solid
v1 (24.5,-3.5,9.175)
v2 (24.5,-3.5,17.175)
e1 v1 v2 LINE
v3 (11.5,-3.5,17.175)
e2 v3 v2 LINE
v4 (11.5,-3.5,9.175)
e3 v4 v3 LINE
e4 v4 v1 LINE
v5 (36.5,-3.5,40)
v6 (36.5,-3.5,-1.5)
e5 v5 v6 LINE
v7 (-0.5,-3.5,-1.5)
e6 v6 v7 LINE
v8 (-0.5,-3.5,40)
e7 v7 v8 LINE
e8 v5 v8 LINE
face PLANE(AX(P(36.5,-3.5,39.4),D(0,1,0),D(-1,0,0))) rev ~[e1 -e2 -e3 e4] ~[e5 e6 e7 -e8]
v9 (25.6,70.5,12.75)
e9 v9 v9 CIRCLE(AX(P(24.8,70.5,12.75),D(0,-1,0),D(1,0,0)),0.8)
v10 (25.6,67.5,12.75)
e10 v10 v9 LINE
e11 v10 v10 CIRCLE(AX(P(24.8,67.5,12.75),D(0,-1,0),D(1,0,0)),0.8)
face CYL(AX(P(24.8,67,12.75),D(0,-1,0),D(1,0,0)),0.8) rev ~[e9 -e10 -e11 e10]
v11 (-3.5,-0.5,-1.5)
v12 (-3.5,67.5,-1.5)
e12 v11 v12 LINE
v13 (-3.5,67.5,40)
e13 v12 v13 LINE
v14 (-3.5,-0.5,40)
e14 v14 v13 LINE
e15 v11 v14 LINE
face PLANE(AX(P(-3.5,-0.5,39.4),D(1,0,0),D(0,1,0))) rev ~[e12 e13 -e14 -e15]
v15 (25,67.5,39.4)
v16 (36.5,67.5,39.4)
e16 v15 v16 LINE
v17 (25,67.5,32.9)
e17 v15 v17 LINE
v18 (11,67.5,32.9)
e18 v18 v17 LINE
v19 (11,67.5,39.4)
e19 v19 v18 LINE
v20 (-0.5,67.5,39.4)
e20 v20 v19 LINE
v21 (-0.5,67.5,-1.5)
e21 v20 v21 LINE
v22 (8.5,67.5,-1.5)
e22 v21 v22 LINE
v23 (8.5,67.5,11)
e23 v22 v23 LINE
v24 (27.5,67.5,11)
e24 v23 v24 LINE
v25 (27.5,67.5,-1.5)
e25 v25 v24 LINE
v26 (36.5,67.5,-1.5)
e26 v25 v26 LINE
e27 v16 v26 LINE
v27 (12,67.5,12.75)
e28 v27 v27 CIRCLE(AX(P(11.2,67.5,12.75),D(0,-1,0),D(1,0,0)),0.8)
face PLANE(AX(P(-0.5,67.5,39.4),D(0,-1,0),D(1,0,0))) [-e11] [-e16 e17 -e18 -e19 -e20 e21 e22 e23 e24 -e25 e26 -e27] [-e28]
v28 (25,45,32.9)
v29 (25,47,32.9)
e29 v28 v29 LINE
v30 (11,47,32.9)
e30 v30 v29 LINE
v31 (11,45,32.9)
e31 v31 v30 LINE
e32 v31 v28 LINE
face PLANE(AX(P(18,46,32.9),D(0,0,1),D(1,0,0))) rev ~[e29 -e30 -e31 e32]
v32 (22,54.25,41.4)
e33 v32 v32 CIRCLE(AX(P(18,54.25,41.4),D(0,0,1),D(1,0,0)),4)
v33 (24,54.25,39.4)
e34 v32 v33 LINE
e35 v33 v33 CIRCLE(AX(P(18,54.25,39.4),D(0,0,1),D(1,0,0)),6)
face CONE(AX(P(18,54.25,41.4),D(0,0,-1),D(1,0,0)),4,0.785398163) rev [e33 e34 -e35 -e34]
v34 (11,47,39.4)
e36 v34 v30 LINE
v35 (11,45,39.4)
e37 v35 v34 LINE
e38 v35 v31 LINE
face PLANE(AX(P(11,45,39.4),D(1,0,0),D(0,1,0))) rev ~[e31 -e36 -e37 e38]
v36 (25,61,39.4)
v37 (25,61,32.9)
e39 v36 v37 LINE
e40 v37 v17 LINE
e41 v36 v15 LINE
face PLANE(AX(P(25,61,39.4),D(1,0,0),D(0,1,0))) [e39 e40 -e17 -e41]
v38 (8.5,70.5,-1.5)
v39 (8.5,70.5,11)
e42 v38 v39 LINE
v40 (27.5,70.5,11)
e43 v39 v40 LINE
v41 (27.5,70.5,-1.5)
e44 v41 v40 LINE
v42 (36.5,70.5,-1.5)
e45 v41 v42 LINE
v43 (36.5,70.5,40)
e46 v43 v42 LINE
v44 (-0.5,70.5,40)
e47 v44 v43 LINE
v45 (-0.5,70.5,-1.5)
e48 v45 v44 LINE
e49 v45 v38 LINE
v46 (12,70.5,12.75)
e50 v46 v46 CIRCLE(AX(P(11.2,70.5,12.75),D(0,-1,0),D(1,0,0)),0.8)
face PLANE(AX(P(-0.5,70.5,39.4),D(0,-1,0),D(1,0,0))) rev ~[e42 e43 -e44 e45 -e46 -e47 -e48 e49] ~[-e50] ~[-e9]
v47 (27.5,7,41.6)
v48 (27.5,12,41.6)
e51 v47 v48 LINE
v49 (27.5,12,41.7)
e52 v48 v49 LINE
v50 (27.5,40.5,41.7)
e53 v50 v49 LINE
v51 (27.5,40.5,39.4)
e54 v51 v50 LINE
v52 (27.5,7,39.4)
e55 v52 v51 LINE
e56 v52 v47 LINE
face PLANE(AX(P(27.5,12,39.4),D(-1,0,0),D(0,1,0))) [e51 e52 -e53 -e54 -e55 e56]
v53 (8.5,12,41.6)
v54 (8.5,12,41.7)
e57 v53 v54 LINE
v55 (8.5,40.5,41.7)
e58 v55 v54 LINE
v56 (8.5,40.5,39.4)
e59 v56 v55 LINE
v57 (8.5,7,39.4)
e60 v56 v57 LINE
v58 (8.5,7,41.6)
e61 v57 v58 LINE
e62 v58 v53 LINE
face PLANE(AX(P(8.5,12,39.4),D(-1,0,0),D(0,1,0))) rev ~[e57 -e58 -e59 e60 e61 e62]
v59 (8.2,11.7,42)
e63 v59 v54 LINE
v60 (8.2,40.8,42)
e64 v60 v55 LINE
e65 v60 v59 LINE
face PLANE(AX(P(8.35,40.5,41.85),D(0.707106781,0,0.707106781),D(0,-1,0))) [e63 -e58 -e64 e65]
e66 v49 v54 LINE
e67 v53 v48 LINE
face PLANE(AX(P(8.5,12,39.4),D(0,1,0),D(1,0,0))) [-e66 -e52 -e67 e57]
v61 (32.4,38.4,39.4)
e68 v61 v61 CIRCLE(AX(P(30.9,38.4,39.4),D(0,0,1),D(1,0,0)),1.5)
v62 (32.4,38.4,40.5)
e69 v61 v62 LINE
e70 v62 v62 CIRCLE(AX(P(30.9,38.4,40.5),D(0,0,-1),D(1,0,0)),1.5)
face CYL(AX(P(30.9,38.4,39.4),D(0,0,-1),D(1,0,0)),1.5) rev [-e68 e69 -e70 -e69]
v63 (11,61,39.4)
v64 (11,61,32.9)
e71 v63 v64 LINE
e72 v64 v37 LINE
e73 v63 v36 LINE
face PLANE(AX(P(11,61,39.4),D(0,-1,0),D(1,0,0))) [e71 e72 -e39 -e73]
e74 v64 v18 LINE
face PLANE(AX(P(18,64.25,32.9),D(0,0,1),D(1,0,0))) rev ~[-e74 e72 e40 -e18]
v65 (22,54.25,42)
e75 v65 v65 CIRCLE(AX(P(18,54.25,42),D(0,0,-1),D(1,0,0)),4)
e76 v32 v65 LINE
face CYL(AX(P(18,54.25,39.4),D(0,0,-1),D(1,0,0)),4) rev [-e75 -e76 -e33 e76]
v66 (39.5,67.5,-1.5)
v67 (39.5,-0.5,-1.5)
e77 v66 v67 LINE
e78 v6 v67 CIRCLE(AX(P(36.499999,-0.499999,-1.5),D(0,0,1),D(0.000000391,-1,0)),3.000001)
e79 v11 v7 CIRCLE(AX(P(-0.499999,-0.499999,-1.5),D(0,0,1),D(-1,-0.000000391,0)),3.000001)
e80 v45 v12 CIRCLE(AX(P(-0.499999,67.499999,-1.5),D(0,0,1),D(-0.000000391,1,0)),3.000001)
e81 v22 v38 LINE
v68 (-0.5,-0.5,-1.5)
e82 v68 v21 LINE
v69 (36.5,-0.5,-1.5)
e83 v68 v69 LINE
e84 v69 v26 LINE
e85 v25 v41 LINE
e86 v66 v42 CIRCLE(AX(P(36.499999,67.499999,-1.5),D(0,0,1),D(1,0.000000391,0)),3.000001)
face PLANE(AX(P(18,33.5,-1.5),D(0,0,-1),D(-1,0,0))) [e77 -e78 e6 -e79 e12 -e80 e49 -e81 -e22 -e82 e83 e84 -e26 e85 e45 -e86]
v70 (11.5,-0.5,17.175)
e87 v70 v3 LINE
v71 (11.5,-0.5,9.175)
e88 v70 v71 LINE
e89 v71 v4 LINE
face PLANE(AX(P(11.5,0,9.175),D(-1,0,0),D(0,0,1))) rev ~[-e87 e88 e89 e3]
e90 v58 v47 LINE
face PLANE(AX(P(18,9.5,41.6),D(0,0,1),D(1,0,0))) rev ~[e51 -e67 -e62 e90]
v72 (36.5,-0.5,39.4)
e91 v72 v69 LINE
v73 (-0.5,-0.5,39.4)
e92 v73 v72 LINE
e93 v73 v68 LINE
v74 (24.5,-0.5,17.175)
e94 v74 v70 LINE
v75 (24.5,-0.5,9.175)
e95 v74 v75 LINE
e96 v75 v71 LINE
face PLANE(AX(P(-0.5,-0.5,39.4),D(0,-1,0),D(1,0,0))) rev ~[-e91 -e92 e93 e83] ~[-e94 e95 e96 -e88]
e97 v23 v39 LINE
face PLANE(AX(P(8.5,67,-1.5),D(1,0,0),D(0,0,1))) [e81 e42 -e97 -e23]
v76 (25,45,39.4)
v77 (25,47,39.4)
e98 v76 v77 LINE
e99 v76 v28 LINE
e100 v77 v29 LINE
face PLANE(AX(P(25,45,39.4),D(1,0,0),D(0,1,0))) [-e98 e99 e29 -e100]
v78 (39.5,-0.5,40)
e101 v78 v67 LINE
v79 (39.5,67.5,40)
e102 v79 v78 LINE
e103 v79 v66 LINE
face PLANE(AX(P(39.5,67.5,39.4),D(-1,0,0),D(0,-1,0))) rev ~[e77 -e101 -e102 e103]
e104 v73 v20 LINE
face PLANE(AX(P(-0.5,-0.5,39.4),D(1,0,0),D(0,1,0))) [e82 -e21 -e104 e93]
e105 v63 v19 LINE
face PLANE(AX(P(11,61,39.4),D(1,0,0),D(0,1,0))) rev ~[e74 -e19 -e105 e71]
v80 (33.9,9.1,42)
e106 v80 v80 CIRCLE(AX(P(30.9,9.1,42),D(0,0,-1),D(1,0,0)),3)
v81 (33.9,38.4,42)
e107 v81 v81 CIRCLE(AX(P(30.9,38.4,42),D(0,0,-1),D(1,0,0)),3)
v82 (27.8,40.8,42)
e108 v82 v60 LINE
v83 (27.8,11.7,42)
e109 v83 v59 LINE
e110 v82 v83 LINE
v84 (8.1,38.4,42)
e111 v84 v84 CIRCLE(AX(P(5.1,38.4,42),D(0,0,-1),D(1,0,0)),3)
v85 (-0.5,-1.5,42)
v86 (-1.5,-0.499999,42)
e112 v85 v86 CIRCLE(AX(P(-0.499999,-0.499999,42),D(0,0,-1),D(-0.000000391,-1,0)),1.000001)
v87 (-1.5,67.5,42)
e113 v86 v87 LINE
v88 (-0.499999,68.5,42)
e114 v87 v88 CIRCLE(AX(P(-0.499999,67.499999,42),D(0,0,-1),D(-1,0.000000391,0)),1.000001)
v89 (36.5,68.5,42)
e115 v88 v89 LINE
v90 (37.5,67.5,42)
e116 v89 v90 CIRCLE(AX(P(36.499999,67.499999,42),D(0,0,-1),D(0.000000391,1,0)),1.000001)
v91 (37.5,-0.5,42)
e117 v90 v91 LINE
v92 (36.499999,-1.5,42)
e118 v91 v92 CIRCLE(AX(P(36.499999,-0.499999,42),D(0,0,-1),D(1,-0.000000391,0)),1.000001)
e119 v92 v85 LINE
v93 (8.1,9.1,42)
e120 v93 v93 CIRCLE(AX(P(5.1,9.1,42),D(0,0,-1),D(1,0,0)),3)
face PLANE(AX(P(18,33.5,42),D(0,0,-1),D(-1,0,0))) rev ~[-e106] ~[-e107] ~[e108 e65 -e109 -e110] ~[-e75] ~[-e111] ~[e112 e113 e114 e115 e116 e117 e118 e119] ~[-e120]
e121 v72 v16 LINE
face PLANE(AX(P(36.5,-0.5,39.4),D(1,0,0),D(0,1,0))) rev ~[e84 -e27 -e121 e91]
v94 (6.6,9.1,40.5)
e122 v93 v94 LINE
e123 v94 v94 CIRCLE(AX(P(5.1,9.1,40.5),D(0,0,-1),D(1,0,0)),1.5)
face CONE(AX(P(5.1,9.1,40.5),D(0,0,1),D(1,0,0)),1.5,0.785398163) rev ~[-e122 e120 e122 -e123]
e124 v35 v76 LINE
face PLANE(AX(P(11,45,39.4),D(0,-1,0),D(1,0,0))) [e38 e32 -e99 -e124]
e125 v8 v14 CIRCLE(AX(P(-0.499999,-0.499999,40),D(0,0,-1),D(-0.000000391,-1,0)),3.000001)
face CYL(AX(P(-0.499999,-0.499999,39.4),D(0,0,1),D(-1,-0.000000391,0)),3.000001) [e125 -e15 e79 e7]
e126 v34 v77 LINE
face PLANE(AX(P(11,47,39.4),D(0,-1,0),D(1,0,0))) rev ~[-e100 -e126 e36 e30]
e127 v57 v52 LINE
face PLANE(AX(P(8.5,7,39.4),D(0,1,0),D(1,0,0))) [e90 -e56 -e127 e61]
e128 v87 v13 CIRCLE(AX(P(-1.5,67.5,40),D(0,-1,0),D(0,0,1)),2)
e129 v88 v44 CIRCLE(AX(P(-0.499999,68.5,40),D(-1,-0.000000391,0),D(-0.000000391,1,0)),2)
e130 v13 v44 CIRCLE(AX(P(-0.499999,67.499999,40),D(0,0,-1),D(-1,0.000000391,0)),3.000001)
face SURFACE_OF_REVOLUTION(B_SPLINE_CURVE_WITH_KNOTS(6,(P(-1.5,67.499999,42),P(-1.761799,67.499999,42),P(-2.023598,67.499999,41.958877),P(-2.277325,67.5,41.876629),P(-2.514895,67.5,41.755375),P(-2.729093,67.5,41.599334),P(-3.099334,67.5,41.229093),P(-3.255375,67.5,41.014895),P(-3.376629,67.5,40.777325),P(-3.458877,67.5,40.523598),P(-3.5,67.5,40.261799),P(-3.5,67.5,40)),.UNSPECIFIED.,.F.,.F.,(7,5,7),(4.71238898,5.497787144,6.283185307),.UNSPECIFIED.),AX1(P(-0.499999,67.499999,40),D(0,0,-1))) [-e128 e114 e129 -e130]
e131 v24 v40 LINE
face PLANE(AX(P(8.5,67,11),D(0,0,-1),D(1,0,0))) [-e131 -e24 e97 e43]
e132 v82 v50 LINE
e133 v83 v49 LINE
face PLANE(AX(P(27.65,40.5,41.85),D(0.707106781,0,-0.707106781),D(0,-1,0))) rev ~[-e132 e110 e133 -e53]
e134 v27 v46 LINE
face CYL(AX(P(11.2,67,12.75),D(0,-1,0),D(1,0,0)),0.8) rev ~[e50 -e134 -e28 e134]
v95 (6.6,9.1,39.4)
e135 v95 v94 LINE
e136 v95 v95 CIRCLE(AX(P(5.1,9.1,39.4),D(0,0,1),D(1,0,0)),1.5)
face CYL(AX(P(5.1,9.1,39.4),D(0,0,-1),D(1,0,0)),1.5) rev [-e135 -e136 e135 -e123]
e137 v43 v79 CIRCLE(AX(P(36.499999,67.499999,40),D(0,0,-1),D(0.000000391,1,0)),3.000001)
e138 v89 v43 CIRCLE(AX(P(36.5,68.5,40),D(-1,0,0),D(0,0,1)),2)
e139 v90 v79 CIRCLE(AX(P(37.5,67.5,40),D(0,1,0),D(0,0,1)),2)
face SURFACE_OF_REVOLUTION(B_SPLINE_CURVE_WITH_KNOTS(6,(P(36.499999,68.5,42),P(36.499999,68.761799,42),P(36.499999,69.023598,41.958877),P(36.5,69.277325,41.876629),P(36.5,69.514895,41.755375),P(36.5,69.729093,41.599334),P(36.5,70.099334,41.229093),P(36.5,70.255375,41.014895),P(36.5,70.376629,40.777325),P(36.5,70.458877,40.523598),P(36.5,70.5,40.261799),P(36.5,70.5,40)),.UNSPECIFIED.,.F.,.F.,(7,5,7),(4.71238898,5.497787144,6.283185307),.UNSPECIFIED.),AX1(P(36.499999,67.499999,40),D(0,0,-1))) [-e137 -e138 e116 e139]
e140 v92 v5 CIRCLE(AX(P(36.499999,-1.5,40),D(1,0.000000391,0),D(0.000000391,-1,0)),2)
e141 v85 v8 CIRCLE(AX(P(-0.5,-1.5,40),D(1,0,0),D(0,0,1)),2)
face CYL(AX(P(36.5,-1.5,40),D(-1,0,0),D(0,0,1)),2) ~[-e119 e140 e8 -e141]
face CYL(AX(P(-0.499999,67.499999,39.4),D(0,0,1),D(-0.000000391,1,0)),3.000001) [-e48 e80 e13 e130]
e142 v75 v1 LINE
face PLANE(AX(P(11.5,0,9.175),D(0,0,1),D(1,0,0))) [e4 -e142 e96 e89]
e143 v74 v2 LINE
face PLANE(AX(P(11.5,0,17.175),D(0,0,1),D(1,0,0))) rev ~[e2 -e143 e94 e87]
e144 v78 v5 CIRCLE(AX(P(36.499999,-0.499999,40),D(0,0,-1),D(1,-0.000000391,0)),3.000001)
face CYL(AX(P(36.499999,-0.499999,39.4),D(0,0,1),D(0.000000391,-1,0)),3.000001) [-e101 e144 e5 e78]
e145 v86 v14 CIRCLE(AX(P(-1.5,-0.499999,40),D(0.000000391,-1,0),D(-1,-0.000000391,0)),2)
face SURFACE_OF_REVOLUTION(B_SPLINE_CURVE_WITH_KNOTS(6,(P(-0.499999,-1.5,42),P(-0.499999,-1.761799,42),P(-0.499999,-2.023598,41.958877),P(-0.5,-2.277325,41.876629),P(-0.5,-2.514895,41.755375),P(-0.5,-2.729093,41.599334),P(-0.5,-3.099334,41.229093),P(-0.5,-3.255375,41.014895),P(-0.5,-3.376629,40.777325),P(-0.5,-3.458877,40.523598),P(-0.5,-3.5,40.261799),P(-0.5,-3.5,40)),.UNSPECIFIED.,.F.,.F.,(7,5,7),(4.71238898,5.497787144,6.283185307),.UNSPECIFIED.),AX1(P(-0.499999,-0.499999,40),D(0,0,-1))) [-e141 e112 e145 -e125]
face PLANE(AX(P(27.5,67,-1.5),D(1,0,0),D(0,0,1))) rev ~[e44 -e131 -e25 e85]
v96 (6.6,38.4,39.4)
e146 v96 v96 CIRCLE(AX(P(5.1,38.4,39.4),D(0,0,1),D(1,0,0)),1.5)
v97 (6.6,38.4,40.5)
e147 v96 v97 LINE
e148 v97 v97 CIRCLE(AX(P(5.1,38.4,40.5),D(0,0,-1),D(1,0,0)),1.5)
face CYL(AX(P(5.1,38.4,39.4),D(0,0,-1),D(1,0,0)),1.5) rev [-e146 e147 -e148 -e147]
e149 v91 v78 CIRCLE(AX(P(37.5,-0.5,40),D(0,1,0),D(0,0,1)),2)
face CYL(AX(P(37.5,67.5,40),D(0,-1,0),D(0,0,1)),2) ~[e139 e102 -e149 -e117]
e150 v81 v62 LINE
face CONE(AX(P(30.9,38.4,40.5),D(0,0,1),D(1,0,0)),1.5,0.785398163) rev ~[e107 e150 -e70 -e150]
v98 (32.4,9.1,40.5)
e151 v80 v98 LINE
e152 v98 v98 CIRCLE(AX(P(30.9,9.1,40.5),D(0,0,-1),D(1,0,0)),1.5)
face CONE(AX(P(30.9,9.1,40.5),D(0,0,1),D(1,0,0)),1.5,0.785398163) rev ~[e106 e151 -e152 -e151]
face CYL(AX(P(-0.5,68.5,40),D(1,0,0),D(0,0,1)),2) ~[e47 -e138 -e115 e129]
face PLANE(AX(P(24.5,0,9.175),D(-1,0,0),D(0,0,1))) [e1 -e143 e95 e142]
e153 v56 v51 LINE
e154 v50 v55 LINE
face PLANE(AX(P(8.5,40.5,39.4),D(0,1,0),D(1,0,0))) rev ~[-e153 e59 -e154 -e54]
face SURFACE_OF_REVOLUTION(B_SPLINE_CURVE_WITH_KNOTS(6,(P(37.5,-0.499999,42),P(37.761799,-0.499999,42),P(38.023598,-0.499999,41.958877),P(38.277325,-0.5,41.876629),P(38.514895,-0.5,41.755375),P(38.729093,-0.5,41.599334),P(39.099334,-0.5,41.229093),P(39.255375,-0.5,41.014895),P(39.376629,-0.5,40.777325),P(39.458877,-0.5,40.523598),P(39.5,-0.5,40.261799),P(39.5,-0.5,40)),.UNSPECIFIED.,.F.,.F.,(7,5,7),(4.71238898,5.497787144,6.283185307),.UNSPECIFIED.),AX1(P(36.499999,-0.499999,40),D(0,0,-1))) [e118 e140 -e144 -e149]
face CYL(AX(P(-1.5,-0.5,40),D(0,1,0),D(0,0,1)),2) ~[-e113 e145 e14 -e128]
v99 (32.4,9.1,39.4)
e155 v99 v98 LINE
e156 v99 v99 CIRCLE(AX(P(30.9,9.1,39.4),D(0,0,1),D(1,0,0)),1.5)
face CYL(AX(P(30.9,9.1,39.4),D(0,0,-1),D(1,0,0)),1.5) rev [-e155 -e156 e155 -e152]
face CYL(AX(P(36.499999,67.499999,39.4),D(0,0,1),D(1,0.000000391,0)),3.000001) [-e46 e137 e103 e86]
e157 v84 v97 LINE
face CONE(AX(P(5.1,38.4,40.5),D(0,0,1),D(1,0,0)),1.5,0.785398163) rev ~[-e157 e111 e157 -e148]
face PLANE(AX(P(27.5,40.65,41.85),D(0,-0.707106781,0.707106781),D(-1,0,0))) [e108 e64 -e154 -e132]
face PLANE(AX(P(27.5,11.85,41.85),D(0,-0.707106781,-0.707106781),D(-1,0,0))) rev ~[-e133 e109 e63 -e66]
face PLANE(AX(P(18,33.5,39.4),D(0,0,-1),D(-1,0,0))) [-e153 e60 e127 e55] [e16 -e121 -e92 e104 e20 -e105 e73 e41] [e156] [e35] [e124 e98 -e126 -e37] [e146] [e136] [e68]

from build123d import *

# Parameters (mm, degrees)
SKETCH003_W       = 37
SKETCH003_H       = 68
PAD002_DEPTH      = 2.6
SKETCH005_R       = 1.5
SKETCH005_R_2     = 4
SKETCH005_W       = 19
SKETCH005_H       = 28.5
POCKET001_DEPTH   = 2.601
SKETCH014_W       = 37
SKETCH014_H       = 68
PAD009_DEPTH      = 2.6
PAD009_DEPTH_BACK = 40.9
SKETCH019_W       = 13
SKETCH019_H       = 8
POCKET005_DEPTH   = 3.501
CHAMFER001_SIZE   = 1.5
SKETCH020_R       = 0.8
SKETCH020_W       = 19
SKETCH020_H       = 12.5
POCKET006_DEPTH   = 3.501
SKETCH034_W       = 14
SKETCH034_H       = 6.5
SKETCH034_H_2     = 2
PAD019_DEPTH      = 6.5
FILLET_R          = 2
CHAMFER_SIZE      = 0.3
CHAMFER002_SIZE   = 2
SKETCH050_W       = 19
SKETCH050_H       = 5
POCKET013_DEPTH   = 2.2


with BuildPart() as part:
    # Sketch003 → Pad002 (new body)
    with BuildSketch(Plane.XY):
        with Locations((18, 33.5)):
            Rectangle(SKETCH003_W, SKETCH003_H)
    extrude(amount=PAD002_DEPTH)

    # Sketch005 → Pocket001 (cut, through all)
    with BuildSketch(Plane.XY):
        with Locations((30.9, 38.4)):
            Circle(SKETCH005_R)
        with Locations((5.1, 38.4)):
            Circle(SKETCH005_R)
        with Locations((5.1, 9.1)):
            Circle(SKETCH005_R)
        with Locations((30.9, 9.1)):
            Circle(SKETCH005_R)
        with Locations((18, 54.25)):
            Circle(SKETCH005_R_2)
        with Locations((18, 26.25)):
            Rectangle(SKETCH005_W, SKETCH005_H)
    extrude(amount=POCKET001_DEPTH, mode=Mode.SUBTRACT)

    # Sketch014 → Pad009 (join, two sides)
    with BuildSketch(Plane.XY) as pad009_sk:
        with BuildLine():
            Line((-0.5, 70.5), (36.5, 70.5))
            ThreePointArc((39.5, 67.5), (38.62132, 69.62132), (36.5, 70.5))
            Line((39.5, 67.5), (39.5, -0.5))
            ThreePointArc((36.5, -3.5), (38.62132, -2.62132), (39.5, -0.5))
            Line((36.5, -3.5), (-0.5, -3.5))
            ThreePointArc((-3.5, -0.5), (-2.62132, -2.62132), (-0.5, -3.5))
            Line((-3.5, -0.5), (-3.5, 67.5))
            ThreePointArc((-0.5, 70.5), (-2.62132, 69.62132), (-3.5, 67.5))
        make_face()
        with Locations((18, 33.5)):
            Rectangle(SKETCH014_W, SKETCH014_H, mode=Mode.SUBTRACT)
    extrude(amount=PAD009_DEPTH)
    extrude(pad009_sk.sketch, amount=-PAD009_DEPTH_BACK)

    # Sketch019 → Pocket005 (cut, through all)
    with BuildSketch(Plane.XZ):
        with Locations((18, -26.225)):
            Rectangle(SKETCH019_W, SKETCH019_H)
    extrude(amount=POCKET005_DEPTH, mode=Mode.SUBTRACT)

    # Chamfer001
    chamfer001_edges = [part.edges().sort_by_distance(p)[0] for p in [
        (3.6, 9.1, 2.6),
        (3.6, 38.4, 2.6),
        (29.4, 38.4, 2.6),
        (29.4, 9.1, 2.6),
    ]]
    chamfer(chamfer001_edges, length=CHAMFER001_SIZE)

    # Sketch020 (on DatumPlane) → Pocket006 (cut, through all)
    with BuildSketch(Plane.XZ.offset(-67)):
        with Locations((11.2, -26.65)):
            Circle(SKETCH020_R)
        with Locations((24.8, -26.65)):
            Circle(SKETCH020_R)
        with Locations((18, -34.65)):
            Rectangle(SKETCH020_W, SKETCH020_H)
    extrude(amount=-POCKET006_DEPTH, mode=Mode.SUBTRACT)

    # Sketch034 → Pad019 (join)
    with BuildSketch(Plane.XY):
        with Locations((18, 64.25)):
            Rectangle(SKETCH034_W, SKETCH034_H)
        with Locations((18, 46)):
            Rectangle(SKETCH034_W, SKETCH034_H_2)
    extrude(amount=-PAD019_DEPTH)

    # Fillet
    fillet_edges = [part.edges().sort_by_distance(p)[0] for p in [
        (39.5, 33.5, 2.6),
    ]]
    fillet(fillet_edges, radius=FILLET_R)

    # Chamfer
    chamfer_edges = [part.edges().sort_by_distance(p)[0] for p in [
        (18, 12, 2.6),
        (8.5, 26.25, 2.6),
        (18, 40.5, 2.6),
        (27.5, 26.25, 2.6),
    ]]
    chamfer(chamfer_edges, length=CHAMFER_SIZE)

    # Chamfer002
    chamfer002_edges = [part.edges().sort_by_distance(p)[0] for p in [
        (14, 54.25, 0),
    ]]
    chamfer(chamfer002_edges, length=CHAMFER002_SIZE)

    # Sketch050 → Pocket013 (cut)
    with BuildSketch(Plane.XY):
        with Locations((18, 9.5)):
            Rectangle(SKETCH050_W, SKETCH050_H)
    extrude(amount=POCKET013_DEPTH, mode=Mode.SUBTRACT)


with BuildPart() as part_1:
    # Body001 placement: moved
    add(part.part.moved(Location((0, 0, 39.4))))


solid = part_1.part
